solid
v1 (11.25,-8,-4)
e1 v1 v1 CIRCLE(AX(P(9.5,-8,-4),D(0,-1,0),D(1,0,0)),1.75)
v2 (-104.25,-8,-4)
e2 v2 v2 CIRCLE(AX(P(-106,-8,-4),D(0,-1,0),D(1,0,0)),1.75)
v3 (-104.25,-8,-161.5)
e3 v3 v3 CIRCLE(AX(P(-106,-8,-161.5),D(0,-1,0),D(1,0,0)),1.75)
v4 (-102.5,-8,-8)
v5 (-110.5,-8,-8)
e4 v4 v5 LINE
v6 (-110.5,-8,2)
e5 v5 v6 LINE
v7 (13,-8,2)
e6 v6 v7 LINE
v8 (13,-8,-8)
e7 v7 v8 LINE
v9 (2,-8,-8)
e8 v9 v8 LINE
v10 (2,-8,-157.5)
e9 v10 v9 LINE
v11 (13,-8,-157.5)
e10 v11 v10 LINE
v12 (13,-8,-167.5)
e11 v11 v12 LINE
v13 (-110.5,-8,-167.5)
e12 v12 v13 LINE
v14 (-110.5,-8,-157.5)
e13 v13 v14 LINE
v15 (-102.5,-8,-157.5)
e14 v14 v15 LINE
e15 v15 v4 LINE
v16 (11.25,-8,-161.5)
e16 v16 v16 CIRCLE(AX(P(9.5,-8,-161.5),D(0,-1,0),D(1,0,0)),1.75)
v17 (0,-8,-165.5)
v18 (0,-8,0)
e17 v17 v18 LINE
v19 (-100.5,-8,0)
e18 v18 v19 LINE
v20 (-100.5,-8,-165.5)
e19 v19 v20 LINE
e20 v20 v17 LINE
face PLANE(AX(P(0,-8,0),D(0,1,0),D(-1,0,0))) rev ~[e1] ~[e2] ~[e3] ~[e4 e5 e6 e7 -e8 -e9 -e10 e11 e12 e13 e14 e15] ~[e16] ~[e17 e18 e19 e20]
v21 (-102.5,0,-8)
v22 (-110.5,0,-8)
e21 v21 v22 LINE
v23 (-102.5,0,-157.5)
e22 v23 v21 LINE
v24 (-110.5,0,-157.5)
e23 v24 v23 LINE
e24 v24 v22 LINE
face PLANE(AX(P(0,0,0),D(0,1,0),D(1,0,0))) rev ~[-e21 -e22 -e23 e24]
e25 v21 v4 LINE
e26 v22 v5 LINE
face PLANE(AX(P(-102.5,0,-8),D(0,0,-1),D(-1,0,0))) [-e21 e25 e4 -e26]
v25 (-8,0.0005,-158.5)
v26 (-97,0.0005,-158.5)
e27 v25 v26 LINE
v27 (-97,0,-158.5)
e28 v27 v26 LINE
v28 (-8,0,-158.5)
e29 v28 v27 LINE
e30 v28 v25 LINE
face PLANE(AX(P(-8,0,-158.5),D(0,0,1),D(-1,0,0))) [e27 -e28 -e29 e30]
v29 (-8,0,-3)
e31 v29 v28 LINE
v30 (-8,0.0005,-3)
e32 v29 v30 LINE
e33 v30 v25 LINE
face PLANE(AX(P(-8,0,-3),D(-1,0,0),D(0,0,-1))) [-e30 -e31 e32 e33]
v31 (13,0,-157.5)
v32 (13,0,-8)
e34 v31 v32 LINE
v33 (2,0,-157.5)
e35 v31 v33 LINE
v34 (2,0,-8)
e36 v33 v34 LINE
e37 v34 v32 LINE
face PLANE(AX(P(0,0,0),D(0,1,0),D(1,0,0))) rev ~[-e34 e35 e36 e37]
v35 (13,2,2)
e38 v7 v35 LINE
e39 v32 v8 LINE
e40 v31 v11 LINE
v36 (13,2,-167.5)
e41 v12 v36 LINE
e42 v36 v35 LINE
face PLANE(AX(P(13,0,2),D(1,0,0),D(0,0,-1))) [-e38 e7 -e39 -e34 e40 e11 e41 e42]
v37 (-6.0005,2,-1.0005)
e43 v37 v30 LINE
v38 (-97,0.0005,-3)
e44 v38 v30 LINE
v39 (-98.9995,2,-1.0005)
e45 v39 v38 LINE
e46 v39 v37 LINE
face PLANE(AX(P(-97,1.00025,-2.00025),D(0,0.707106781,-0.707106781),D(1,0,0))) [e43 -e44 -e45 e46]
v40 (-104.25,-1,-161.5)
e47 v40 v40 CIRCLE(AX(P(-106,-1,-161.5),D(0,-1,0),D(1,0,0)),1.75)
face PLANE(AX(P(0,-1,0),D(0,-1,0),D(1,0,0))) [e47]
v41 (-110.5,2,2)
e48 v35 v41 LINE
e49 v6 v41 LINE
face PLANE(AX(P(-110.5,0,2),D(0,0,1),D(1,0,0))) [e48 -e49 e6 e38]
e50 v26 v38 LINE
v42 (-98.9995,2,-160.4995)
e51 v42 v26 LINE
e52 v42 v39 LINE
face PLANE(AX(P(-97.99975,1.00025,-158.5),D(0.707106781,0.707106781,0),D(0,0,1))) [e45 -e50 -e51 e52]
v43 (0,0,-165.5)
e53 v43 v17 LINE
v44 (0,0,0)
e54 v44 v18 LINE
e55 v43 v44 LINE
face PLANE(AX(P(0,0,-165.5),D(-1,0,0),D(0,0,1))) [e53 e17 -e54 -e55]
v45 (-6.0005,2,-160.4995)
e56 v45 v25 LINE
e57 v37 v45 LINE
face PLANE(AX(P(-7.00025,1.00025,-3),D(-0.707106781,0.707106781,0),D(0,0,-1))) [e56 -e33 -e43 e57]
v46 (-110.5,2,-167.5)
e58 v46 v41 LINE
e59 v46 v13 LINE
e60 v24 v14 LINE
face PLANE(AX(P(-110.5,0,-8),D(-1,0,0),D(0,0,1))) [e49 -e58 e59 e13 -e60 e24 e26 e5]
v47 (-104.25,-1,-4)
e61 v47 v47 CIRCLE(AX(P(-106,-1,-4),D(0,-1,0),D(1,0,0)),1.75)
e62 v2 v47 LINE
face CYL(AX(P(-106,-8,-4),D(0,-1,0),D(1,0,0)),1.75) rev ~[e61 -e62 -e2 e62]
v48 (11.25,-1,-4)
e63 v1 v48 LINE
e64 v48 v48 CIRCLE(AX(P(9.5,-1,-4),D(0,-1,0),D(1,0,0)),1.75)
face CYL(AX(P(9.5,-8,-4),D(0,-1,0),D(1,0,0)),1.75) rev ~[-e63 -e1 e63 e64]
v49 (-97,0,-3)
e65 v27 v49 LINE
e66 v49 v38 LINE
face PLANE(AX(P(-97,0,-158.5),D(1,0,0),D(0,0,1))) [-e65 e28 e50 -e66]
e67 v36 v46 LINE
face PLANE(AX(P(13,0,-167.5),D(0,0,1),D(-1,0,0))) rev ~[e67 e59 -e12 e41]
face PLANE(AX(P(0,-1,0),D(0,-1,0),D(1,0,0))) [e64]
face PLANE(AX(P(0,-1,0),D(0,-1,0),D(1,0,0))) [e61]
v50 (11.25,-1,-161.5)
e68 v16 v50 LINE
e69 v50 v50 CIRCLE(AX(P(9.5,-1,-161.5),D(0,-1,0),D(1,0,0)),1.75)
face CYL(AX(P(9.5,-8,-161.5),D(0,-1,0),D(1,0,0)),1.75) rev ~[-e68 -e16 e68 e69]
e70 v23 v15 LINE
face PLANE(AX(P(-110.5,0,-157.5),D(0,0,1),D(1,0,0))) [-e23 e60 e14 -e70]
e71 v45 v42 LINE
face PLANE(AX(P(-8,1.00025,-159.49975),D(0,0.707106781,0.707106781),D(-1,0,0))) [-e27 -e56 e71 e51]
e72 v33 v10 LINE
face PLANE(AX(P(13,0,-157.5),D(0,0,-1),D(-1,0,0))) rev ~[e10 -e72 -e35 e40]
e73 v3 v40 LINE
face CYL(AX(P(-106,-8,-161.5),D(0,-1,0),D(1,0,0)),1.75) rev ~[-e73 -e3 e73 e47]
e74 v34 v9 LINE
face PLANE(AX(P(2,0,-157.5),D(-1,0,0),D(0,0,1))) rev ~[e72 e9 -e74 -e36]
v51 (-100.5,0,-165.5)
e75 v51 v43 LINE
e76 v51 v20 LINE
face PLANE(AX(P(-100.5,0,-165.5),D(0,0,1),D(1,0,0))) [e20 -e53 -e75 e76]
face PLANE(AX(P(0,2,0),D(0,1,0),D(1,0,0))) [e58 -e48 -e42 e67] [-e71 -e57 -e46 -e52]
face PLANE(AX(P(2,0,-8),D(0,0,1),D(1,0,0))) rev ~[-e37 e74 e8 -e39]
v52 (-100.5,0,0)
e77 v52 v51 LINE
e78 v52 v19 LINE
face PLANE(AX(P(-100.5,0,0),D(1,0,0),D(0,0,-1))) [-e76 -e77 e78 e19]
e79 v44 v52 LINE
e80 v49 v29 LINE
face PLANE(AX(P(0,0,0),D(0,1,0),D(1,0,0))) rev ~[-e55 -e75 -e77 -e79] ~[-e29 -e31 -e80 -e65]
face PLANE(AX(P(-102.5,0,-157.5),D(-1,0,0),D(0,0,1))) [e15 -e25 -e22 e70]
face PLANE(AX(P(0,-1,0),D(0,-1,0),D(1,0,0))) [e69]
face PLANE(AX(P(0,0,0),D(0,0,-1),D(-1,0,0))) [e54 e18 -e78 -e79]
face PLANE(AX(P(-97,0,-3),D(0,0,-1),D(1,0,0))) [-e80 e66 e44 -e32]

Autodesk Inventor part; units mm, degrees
ref_plane "YZ Plane" through (0, 0, 0) normal (1, 0, 0) x (0, 1, 0)
ref_plane "XZ Plane" through (0, 0, 0) normal (0, 1, 0) x (-1, 0, 0)
ref_plane "XY Plane" through (0, 0, 0) normal (0, 0, 1) x (1, 0, 0)
sketch "Sketch1" plane through (0, 0, 0) normal (0, 1, 0) x (-1, 0, 0)
  line L0 (0, 0) -> (100.5, 0)
  line L1 (100.5, 0) -> (100.5, -165.5)
  line L2 (100.5, -165.5) -> (0, -165.5)
  line L3 (0, -165.5) -> (0, 0)
  line L4 (110.5, 2) -> (-13, 2)
  line L5 (-13, 2) -> (-13, -167.5)
  line L6 (-13, -167.5) -> (110.5, -167.5)
  line L7 (110.5, -167.5) -> (110.5, 2)
  line L8 (110.5, -157.5) -> (102.5, -157.5)
  line L9 (102.5, -157.5) -> (102.5, -8)
  line L10 (102.5, -8) -> (110.5, -8)
  line L11 (110.5, -8) -> (110.5, -157.5)
  line L12 (-13, -157.5) -> (-2, -157.5)
  line L13 (-2, -157.5) -> (-2, -8)
  line L14 (-2, -8) -> (-13, -8)
  line L15 (-13, -8) -> (-13, -157.5)
  point P0 (110.5, -8)
  point P1 (-13, -8)
  dimension "d0" = 100.5
  dimension "d1" = 165.5
  dimension "d2" = 2
  dimension "d3" = 13
  dimension "d4" = 10
  dimension "d5" = 2
  dimension "d33" = 8
  dimension "d34" = 8
  dimension "d35" = 8
  dimension "d36" = 8
  dimension "d37" = 2
  dimension "d38" = 2
extrude "Extrusion1" add sketch "Sketch1" against normal blind 8 contours L7 L10 L9 L8 L6 L5 L12 L13 L14 L4
sketch "Sketch2" plane through (0, 0, 0) normal (0, 1, 0) x (1, 0, 0)
  line L0 (-97, 3) -> (-8, 3)
  line L1 (-8, 3) -> (-8, 158.5)
  line L2 (-8, 158.5) -> (-97, 158.5)
  line L3 (-97, 158.5) -> (-97, 3)
  line L4 (-100.5, 0) -> (-100.5, 165.5) projected
  line L5 (-100.5, 165.5) -> (0, 165.5) projected
  line L6 (0, 165.5) -> (0, 0) projected
  line L7 (0, 0) -> (-100.5, 0) projected
  line L8 (13, -2) -> (-110.5, -2) projected
  line L9 (13, 167.5) -> (13, -2) projected
  line L10 (-110.5, -2) -> (13, -2)
  line L11 (13, -2) -> (13, 167.5)
  line L12 (13, 167.5) -> (-110.5, 167.5)
  line L13 (-110.5, 167.5) -> (-110.5, -2)
  dimension "d8" = 3.5
  dimension "d9" = 7
  dimension "d10" = 8
  dimension "d11" = 3
extrude "Extrusion2" add sketch "Sketch2" along normal blind 2 contours L4 L5 L6 L7 | L8 L13 L12 L9
sketch "Sketch3" plane through (0, -8, 0) normal (0, -1, 0) x (1, 0, 0)
  circle A0 centre (-106, -161.5) radius 1.75
  line L0 (-100.5, -165.5) -> (-100.5, 0) projected
  line L1 (0, -165.5) -> (-100.5, -165.5) projected
  circle A1 centre (-106, -4) radius 1.75
  line L2 (-100.5, 0) -> (0, 0) projected
  circle A2 centre (9.5, -4) radius 1.75
  line L3 (0, 0) -> (0, -165.5) projected
  circle A3 centre (9.5, -161.5) radius 1.75
  dimension "d14" = 3.5
  dimension "d15" = 5.5
  dimension "d16" = 4
  dimension "d17" = 3.5
  dimension "d18" = 4
  dimension "d19" = 5.5
  dimension "d20" = 3.5
  dimension "d21" = 4
  dimension "d22" = 9.5
  dimension "d23" = 3.5
  dimension "d24" = 9.5
  dimension "d25" = 4
extrude "Extrusion3" cut sketch "Sketch3" against normal blind 7 contours A0 | A1 | A2 | A3
chamfer "Chamfer1" distance 2 angle 45 4 edges at (-97, 2, -80.75) (-52.5, 2, -3) (-52.5, 2, -158.5) (-8, 2, -80.75)
equation "\"d14\" = hueco_diam"
equation "\"d17\" = hueco_diam"
equation "\"d20\" = hueco_diam"
equation "\"d21\" = hueco_sep_lat"
equation "\"d23\" = hueco_diam"
equation "\"d25\" = hueco_sep_lat"
equation "\"hueco_sep_inf\" = 4.5"
equation "\"hueco_sep_lat\" = 4"
equation "\"tol1\" = 0.5"
equation "\"hueco_diam\" = 3.5"
properties part number "PlantillaPantalla"
